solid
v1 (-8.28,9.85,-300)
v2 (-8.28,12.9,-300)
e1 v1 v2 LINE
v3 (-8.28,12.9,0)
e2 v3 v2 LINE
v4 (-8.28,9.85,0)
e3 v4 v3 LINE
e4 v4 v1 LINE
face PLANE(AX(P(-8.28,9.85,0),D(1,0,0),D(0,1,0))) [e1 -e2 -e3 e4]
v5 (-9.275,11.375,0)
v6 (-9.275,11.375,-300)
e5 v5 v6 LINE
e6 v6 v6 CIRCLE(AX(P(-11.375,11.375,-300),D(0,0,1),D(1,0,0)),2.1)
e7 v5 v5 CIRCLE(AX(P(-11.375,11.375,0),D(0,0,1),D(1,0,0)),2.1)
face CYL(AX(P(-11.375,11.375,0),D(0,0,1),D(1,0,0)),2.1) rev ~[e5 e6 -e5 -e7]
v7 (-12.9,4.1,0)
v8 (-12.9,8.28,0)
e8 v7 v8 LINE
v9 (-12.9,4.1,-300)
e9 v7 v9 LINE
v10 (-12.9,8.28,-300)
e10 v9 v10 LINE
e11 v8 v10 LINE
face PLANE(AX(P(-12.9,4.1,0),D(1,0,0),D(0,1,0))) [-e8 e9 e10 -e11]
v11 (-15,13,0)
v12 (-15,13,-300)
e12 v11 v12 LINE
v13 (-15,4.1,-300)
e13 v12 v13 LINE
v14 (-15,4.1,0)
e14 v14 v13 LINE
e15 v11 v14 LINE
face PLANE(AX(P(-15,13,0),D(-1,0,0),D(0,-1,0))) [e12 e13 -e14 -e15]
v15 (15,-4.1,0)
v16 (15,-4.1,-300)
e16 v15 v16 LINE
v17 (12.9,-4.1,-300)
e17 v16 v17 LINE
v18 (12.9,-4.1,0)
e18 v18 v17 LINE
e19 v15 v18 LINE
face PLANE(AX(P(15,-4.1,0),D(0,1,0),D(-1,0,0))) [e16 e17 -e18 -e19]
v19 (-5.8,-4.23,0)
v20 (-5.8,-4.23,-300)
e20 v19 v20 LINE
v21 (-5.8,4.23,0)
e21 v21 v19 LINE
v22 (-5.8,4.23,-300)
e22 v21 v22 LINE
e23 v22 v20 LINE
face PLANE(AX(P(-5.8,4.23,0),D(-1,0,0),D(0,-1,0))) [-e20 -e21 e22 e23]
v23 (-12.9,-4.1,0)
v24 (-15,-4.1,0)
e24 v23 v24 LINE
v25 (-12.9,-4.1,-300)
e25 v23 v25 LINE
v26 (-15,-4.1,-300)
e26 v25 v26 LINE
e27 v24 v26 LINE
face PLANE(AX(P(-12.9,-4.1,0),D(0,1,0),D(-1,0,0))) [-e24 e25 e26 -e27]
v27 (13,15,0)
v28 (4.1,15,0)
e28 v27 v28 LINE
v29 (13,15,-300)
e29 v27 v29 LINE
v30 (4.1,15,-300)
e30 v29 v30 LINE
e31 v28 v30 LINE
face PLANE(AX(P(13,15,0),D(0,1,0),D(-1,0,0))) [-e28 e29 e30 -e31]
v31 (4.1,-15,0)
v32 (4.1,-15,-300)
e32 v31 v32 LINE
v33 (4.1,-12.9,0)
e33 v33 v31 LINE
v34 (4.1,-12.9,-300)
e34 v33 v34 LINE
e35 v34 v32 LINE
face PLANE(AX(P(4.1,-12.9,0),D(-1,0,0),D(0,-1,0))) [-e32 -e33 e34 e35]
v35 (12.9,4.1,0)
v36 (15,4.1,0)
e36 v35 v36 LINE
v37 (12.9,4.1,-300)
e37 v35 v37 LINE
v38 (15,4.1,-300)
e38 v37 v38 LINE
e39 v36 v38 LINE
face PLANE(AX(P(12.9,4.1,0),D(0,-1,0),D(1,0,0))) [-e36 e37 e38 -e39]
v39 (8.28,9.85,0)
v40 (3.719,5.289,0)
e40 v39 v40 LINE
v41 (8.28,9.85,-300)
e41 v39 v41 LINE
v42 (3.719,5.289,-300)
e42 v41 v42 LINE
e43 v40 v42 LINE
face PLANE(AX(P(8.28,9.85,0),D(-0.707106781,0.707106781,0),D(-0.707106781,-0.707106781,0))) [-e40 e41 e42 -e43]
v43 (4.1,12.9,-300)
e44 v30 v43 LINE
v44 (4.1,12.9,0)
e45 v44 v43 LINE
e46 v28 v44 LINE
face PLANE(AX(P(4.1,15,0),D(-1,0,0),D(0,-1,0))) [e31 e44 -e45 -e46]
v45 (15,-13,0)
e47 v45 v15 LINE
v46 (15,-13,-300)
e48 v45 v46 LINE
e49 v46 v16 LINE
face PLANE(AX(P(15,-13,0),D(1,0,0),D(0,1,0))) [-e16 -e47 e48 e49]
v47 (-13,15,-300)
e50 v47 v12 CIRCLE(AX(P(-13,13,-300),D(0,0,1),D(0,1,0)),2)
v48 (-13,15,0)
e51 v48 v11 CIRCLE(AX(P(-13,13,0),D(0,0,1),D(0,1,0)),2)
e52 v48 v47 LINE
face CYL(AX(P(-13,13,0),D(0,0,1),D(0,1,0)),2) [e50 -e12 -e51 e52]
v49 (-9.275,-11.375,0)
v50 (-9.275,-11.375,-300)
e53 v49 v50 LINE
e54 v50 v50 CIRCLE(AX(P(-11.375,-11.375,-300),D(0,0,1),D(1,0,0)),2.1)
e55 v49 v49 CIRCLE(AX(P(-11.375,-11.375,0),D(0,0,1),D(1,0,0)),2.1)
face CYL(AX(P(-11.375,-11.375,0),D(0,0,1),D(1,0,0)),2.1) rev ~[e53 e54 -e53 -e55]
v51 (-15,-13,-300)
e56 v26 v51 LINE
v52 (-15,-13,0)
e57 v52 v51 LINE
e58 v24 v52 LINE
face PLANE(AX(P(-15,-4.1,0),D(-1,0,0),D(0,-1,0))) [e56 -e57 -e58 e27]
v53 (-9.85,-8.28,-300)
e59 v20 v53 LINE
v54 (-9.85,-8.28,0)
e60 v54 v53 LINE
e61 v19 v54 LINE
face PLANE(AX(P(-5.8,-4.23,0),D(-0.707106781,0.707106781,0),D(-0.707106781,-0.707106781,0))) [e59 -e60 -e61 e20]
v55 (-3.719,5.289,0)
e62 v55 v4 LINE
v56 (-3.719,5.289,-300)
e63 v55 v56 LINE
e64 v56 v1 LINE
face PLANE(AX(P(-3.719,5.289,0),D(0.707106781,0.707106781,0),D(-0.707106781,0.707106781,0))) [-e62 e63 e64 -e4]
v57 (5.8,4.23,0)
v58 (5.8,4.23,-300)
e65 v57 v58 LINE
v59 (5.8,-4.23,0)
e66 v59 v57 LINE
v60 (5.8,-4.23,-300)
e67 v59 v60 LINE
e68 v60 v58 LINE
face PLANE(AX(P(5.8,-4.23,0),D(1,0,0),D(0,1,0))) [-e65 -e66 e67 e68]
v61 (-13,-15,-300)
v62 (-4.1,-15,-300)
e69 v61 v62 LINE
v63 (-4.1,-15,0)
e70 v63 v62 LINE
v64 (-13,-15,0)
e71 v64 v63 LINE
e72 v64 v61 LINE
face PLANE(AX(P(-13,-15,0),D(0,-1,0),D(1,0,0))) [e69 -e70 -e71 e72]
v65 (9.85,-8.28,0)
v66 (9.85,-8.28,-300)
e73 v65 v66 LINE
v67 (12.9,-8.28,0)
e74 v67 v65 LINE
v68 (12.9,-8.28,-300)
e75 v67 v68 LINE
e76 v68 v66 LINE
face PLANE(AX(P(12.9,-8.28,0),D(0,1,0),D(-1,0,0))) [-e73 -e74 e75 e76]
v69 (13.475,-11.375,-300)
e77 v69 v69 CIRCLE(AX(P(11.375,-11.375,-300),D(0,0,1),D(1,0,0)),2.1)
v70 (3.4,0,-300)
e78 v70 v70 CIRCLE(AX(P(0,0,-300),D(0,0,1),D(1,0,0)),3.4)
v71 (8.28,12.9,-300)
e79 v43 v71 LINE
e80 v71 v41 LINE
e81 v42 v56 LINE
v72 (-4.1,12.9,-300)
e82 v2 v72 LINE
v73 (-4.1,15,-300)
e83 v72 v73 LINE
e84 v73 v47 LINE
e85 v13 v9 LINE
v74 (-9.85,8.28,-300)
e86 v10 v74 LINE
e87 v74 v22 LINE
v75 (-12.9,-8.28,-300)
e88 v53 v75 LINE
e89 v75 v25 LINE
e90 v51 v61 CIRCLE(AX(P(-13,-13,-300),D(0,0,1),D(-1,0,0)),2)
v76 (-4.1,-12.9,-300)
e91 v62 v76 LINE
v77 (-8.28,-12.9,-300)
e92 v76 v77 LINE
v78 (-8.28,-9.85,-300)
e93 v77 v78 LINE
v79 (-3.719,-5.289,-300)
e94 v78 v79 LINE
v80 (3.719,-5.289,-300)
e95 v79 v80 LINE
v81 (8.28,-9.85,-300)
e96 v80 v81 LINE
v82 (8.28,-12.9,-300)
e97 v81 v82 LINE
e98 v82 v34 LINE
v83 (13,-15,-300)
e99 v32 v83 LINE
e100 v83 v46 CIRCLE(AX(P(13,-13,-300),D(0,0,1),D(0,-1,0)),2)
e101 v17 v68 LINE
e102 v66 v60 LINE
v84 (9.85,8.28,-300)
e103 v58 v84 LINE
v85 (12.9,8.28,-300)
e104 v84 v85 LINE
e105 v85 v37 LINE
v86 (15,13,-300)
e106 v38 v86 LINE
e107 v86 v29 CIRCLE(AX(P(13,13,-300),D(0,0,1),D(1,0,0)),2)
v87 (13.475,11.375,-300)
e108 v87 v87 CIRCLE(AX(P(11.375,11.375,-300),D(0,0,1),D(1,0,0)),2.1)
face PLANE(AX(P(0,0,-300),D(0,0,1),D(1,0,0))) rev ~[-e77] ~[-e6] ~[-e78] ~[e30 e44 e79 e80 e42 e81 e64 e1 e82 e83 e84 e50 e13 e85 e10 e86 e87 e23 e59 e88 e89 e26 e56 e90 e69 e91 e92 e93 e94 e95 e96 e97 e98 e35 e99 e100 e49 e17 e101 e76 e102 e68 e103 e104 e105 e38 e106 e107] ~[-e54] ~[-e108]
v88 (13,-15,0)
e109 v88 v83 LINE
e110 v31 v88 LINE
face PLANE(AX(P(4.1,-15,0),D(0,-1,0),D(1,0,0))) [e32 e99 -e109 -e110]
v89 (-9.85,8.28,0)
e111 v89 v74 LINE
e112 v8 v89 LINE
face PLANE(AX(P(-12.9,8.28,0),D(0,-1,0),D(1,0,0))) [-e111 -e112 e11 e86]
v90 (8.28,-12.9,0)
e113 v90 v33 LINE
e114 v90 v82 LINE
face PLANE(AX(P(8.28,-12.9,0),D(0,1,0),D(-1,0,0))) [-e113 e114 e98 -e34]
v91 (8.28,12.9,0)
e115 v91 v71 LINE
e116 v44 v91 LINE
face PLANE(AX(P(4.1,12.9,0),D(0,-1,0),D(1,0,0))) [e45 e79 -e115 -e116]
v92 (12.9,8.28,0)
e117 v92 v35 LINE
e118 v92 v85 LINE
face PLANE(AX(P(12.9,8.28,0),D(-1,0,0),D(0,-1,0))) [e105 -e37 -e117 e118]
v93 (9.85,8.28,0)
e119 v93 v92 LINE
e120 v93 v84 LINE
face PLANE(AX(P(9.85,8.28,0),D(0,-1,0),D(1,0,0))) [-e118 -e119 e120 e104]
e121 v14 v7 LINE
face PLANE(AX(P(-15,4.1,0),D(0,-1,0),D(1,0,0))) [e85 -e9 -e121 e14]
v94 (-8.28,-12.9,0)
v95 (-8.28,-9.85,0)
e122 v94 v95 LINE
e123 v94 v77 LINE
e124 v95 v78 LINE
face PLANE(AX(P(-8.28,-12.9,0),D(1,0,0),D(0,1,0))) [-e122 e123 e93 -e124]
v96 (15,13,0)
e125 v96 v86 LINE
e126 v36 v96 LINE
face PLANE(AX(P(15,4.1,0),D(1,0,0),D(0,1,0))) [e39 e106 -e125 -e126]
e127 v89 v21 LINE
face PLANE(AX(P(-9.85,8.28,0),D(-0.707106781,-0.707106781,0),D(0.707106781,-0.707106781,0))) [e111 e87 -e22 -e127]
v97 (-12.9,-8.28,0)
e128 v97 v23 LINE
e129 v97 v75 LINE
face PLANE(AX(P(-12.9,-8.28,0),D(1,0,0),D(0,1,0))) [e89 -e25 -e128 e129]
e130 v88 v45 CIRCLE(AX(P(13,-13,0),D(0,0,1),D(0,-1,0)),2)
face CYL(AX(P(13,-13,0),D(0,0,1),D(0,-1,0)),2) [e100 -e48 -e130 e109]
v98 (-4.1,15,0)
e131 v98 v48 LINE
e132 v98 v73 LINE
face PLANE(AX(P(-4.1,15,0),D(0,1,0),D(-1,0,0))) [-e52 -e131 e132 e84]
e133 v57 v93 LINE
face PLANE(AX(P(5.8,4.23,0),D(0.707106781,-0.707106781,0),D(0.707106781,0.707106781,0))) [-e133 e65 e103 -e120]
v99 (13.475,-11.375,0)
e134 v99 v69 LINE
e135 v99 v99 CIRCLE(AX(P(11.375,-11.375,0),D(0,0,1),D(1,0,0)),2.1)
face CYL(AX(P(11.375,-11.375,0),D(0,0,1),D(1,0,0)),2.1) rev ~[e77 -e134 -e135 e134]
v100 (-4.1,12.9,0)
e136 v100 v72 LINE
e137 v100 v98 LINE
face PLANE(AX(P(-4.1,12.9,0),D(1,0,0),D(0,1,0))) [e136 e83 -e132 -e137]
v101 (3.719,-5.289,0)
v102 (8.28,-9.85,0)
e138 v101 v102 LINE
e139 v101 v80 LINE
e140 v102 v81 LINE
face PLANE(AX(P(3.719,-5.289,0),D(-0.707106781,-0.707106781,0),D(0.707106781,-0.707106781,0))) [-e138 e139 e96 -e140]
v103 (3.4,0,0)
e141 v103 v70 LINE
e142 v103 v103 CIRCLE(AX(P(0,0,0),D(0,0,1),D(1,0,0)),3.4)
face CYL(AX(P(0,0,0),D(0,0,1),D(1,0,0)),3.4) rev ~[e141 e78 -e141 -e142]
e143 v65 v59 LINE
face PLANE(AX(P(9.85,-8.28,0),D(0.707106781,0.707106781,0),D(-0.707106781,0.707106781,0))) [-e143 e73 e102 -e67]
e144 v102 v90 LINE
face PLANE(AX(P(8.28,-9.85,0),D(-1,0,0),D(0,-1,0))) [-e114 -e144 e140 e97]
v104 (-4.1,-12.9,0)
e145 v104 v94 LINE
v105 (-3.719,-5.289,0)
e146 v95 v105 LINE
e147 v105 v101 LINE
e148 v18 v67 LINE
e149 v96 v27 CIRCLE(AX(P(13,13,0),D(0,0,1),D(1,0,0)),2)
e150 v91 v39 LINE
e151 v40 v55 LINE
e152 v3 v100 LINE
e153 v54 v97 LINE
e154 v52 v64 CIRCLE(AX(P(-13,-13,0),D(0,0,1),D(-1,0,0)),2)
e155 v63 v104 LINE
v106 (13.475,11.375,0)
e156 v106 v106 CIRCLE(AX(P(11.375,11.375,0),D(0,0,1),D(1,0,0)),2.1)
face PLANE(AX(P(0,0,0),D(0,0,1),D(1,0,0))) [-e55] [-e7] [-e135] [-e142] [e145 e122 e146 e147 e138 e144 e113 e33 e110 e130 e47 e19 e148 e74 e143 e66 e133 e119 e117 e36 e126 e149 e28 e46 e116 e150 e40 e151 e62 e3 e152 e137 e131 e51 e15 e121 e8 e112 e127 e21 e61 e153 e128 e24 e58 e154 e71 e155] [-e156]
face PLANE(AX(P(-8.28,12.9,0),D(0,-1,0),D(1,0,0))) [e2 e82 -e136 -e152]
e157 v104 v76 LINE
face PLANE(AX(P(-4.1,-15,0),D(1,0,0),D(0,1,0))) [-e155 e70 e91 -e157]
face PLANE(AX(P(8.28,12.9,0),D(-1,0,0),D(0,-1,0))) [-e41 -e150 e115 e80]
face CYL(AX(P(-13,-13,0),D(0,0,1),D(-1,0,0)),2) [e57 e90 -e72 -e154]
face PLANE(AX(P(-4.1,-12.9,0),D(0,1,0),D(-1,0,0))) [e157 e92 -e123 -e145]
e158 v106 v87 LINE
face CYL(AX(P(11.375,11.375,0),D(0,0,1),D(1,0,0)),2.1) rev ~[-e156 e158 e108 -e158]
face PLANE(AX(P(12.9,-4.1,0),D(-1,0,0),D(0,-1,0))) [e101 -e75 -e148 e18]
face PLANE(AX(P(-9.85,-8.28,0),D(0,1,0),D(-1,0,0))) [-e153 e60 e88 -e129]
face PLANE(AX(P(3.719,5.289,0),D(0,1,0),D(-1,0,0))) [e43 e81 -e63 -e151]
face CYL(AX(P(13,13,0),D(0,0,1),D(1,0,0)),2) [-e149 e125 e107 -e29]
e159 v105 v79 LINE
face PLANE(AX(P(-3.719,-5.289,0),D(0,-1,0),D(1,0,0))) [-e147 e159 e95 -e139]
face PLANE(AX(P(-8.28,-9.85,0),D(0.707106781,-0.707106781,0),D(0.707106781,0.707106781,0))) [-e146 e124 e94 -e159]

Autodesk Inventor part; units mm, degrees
ref_plane "YZ Plane" through (0, 0, 0) normal (1, 0, 0) x (0, 1, 0)
ref_plane "XZ Plane" through (0, 0, 0) normal (0, 1, 0) x (-1, 0, 0)
ref_plane "XY Plane" through (0, 0, 0) normal (0, 0, 1) x (1, 0, 0)
sketch "Sketch1" plane through (0, 0, 0) normal (0, 0, 1) x (1, 0, 0)
  circle A0 centre (-11.375, 11.375) radius 2.1
  circle A1 centre (-11.375, -11.375) radius 2.1
  line L0 (-15, 4.1) -> (-12.9, 4.1)
  line L1 (-12.9, 4.1) -> (-12.9, 8.28)
  line L2 (-12.9, 8.28) -> (-9.85, 8.28)
  line L3 (-9.85, 8.28) -> (-5.8, 4.23)
  line L4 (-5.8, 4.23) -> (-5.8, -4.23)
  line L5 (-5.8, -4.23) -> (-9.85, -8.28)
  line L6 (-9.85, -8.28) -> (-12.9, -8.28)
  line L7 (-12.9, -8.28) -> (-12.9, -4.1)
  line L8 (-12.9, -4.1) -> (-15, -4.1)
  line L9 (-15, -4.1) -> (-15, -13)
  arc A2 (-15, -13) -> (-13, -15) centre (-13, -13) ccw
  line L10 (-13, -15) -> (-4.1, -15)
  line L11 (-4.1, -15) -> (-4.1, -12.9)
  line L12 (-4.1, -12.9) -> (-8.28, -12.9)
  line L13 (-8.28, -12.9) -> (-8.28, -9.85)
  line L14 (-8.28, -9.85) -> (-3.719, -5.289)
  line L15 (-3.719, -5.289) -> (3.719, -5.289)
  line L16 (3.719, -5.289) -> (8.28, -9.85)
  line L17 (8.28, -9.85) -> (8.28, -12.9)
  line L18 (8.28, -12.9) -> (4.1, -12.9)
  line L19 (4.1, -12.9) -> (4.1, -15)
  line L20 (4.1, -15) -> (13, -15)
  arc A3 (13, -15) -> (15, -13) centre (13, -13) ccw
  line L21 (15, -13) -> (15, -4.1)
  line L22 (15, -4.1) -> (12.9, -4.1)
  line L23 (12.9, -4.1) -> (12.9, -8.28)
  line L24 (12.9, -8.28) -> (9.85, -8.28)
  line L25 (9.85, -8.28) -> (5.8, -4.23)
  line L26 (5.8, -4.23) -> (5.8, 4.23)
  line L27 (5.8, 4.23) -> (9.85, 8.28)
  line L28 (9.85, 8.28) -> (12.9, 8.28)
  line L29 (12.9, 8.28) -> (12.9, 4.1)
  line L30 (12.9, 4.1) -> (15, 4.1)
  line L31 (15, 4.1) -> (15, 13)
  arc A4 (15, 13) -> (13, 15) centre (13, 13) ccw
  line L32 (13, 15) -> (4.1, 15)
  line L33 (4.1, 15) -> (4.1, 12.9)
  line L34 (4.1, 12.9) -> (8.28, 12.9)
  line L35 (8.28, 12.9) -> (8.28, 9.85)
  line L36 (8.28, 9.85) -> (3.719, 5.289)
  line L37 (3.719, 5.289) -> (-3.719, 5.289)
  line L38 (-3.719, 5.289) -> (-8.28, 9.85)
  line L39 (-8.28, 9.85) -> (-8.28, 12.9)
  line L40 (-8.28, 12.9) -> (-4.1, 12.9)
  line L41 (-4.1, 12.9) -> (-4.1, 15)
  line L42 (-4.1, 15) -> (-13, 15)
  arc A5 (-13, 15) -> (-15, 13) centre (-13, 13) ccw
  line L43 (-15, 13) -> (-15, 4.1)
  circle A6 centre (0, 0) radius 3.4
  circle A7 centre (11.375, 11.375) radius 2.1
  circle A8 centre (11.375, -11.375) radius 2.1
extrude "Extrusion1" add sketch "Sketch1" against normal blind 300
sketch "Sketch2" plane through (-13, 15, 0) normal (0, 1, 0) x (1, 0, 0)
  point P0 (13, 0)
properties part number "Metal Profile 30 cm" material "Aluminum 6061-AHC"
